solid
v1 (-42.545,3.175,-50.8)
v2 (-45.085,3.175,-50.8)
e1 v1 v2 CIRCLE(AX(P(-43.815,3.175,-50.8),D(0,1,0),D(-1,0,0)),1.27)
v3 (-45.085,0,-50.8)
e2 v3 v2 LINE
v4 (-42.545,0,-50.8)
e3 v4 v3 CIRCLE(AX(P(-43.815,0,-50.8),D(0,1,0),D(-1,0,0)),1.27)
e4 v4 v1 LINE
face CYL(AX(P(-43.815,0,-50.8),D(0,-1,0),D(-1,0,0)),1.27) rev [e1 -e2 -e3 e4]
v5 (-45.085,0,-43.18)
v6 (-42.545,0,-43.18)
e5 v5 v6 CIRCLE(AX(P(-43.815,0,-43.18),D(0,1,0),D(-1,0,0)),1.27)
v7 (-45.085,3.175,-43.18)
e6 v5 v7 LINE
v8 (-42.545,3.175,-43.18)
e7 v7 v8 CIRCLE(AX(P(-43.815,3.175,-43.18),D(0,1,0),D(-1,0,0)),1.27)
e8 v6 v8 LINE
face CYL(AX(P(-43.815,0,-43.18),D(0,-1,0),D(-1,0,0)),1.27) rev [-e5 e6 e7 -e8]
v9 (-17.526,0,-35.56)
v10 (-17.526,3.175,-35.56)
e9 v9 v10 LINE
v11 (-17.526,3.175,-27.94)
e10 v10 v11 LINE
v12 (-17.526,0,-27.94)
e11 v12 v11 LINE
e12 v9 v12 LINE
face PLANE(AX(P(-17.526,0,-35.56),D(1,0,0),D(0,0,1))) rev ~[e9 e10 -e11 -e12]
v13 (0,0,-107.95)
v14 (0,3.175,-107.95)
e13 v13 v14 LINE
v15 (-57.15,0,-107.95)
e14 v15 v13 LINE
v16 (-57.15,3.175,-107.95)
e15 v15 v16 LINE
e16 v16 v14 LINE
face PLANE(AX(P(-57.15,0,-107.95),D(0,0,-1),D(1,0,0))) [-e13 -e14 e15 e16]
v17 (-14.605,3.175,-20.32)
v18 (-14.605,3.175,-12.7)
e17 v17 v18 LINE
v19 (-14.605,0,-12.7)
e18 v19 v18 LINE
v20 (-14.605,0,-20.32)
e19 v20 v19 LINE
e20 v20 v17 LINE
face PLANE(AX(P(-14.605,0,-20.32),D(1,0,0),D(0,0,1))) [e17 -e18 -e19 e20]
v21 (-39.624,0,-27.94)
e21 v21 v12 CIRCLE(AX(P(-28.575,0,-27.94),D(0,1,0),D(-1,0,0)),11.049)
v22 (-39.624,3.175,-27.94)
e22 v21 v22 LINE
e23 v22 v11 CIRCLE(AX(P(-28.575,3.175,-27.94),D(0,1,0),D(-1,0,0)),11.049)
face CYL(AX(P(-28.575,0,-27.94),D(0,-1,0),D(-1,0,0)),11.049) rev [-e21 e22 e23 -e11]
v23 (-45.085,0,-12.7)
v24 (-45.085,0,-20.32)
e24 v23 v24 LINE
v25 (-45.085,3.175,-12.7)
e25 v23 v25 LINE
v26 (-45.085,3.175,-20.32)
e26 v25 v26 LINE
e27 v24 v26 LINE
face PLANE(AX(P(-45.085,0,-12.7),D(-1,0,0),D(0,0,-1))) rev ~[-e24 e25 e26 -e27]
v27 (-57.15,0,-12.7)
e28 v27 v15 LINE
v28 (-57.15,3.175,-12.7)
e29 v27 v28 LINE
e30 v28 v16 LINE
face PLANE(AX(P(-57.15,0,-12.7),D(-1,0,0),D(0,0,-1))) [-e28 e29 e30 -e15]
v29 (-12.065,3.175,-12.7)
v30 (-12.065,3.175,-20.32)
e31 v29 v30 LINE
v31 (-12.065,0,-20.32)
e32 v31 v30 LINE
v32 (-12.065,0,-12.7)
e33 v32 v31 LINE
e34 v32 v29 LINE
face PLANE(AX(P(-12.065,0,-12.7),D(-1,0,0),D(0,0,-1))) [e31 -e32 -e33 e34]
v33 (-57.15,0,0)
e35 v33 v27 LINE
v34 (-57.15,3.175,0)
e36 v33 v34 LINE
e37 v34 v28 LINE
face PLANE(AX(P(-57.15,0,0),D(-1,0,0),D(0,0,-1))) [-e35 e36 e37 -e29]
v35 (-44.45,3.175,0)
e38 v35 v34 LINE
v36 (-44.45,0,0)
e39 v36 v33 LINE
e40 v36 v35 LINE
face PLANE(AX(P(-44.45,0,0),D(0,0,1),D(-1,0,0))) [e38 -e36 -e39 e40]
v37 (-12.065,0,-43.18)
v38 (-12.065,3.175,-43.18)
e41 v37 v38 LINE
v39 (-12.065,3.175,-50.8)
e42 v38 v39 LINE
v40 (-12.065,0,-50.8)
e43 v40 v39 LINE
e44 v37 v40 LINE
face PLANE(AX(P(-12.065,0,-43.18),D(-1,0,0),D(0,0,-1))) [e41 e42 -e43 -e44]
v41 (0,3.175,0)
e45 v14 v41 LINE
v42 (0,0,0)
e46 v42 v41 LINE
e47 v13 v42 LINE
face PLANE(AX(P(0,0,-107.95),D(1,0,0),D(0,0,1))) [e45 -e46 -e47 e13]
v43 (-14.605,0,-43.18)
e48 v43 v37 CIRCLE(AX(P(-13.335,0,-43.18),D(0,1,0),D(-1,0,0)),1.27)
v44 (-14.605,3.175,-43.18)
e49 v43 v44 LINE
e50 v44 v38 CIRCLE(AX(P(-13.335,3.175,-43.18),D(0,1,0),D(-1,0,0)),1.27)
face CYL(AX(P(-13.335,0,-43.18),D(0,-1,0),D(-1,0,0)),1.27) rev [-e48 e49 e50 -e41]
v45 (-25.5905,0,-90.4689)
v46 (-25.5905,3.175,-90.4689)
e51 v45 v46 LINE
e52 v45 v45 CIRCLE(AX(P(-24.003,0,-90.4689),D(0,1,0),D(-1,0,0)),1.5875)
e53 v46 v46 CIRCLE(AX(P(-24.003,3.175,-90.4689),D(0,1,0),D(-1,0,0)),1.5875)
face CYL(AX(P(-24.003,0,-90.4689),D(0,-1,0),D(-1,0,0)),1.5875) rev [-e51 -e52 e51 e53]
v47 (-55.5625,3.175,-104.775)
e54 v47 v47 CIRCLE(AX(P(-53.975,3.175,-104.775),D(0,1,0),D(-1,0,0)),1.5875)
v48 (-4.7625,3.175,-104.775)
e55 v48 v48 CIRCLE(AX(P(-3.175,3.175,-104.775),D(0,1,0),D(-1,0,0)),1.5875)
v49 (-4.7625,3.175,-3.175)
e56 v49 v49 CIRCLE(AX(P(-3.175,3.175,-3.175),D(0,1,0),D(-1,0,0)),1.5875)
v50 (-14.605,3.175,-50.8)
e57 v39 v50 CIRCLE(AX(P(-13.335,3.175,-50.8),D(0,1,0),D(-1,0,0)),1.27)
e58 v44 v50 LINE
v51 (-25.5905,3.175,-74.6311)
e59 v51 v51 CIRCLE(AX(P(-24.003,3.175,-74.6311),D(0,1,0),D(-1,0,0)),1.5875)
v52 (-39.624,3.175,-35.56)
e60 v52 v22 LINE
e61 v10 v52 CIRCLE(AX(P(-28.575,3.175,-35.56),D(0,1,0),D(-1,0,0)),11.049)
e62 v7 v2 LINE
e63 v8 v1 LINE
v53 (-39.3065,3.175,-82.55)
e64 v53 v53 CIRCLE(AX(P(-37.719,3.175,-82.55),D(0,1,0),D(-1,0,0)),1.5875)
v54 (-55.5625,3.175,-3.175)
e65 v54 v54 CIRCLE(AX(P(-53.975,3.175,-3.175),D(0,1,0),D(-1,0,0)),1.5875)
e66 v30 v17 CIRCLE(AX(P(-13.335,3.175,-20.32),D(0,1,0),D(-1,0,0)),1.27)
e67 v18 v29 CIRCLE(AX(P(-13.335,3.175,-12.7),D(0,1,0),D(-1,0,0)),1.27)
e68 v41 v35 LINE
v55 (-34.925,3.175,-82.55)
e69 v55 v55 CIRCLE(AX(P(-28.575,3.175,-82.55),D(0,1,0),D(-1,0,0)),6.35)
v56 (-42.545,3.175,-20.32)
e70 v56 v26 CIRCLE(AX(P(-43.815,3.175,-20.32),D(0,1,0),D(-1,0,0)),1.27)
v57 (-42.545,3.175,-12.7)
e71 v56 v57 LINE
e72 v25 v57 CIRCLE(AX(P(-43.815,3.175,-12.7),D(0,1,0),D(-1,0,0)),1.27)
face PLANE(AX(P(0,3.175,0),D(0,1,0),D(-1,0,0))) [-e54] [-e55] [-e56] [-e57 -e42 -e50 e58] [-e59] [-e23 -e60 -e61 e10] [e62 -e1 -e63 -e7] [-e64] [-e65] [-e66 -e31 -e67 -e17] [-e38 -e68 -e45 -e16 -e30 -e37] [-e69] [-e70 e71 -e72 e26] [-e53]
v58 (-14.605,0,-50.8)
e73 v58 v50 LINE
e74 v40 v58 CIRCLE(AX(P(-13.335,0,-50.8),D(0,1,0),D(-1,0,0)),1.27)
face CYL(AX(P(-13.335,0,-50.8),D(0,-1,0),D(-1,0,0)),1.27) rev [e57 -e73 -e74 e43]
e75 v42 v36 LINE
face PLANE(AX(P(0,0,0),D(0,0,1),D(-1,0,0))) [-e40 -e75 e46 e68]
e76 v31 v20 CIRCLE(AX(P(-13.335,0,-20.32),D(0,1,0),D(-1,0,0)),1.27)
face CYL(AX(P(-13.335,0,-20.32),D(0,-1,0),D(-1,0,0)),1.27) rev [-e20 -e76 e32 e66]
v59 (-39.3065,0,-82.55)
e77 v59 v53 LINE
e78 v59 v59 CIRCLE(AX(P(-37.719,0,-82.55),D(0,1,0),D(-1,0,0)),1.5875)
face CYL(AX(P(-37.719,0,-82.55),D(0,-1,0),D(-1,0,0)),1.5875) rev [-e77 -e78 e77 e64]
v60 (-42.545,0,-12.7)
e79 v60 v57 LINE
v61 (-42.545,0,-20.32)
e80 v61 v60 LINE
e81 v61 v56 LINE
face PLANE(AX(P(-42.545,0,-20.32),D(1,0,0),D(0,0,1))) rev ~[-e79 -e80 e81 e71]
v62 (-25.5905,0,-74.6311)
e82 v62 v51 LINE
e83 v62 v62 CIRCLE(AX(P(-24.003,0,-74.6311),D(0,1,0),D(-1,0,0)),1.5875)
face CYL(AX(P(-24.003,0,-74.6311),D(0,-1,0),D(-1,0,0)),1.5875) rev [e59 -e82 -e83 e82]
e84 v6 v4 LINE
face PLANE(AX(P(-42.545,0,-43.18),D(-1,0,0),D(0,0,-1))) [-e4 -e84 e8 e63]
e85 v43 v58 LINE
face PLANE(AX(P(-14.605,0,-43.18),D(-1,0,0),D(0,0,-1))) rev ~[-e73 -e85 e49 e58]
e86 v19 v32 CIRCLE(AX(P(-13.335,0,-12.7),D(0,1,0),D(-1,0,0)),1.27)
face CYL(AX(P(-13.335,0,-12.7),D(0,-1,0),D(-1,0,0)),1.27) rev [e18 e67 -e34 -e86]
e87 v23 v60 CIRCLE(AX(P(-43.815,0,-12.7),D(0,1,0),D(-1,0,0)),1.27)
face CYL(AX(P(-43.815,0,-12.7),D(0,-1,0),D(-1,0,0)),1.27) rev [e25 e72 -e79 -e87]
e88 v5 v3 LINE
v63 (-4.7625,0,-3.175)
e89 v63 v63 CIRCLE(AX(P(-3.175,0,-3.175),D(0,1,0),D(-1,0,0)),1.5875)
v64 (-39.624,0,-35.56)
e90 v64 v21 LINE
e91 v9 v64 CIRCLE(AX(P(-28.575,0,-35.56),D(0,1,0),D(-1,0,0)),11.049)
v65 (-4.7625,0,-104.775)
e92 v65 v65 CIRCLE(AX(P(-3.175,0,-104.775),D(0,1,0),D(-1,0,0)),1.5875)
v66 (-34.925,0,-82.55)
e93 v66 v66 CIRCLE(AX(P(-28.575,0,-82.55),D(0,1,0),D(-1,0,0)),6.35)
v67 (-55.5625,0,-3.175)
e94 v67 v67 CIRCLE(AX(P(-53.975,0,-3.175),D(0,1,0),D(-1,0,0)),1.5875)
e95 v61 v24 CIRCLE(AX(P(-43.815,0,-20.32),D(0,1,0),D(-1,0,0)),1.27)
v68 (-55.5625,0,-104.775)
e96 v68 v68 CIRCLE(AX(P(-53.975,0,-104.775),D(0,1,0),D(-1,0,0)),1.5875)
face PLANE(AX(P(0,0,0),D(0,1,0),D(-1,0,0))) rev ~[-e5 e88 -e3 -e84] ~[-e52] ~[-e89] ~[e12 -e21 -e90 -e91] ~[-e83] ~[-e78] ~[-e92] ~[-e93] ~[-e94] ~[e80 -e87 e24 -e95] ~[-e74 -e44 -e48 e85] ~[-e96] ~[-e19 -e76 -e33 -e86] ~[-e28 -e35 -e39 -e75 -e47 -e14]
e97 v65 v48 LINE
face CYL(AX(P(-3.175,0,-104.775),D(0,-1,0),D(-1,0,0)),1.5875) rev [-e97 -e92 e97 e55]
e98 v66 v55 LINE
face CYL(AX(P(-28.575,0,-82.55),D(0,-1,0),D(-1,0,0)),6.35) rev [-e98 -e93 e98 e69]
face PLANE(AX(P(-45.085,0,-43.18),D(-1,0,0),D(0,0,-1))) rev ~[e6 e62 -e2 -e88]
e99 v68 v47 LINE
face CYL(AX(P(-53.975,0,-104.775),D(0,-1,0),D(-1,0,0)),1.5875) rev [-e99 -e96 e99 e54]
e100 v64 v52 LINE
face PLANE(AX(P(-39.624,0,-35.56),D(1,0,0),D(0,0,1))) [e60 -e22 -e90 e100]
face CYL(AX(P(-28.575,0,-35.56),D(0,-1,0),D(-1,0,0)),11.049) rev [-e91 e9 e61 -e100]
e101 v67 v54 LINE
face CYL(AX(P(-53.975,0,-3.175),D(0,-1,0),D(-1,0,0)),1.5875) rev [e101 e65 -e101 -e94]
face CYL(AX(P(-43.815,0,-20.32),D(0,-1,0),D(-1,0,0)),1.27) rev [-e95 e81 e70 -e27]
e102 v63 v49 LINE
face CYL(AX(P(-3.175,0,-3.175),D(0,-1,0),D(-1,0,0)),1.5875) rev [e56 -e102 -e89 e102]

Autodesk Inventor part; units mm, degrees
ref_plane "YZ Plane" through (0, 0, 0) normal (1, 0, 0) x (0, 1, 0)
ref_plane "XZ Plane" through (0, 0, 0) normal (0, 1, 0) x (-1, 0, 0)
ref_plane "XY Plane" through (0, 0, 0) normal (0, 0, 1) x (1, 0, 0)
sketch "Sketch1" plane through (0, 0, 0) normal (0, 1, 0) x (-1, 0, 0)
  line L0 (0, 0) -> (57.15, 0)
  line L1 (57.15, 0) -> (57.15, -107.95)
  line L2 (57.15, -107.95) -> (0, -107.95)
  line L3 (0, -107.95) -> (0, 0)
  line L4 (57.15, -53.975) -> (0, -53.975) construction
  circle A0 centre (28.575, -35.56) radius 11.049
  line L5 (28.575, -35.56) -> (43.815, -35.56) construction
  line L6 (43.815, -35.56) -> (43.815, -50.8) construction
  line L7 (43.815, -50.8) -> (28.575, -50.8) construction
  line L8 (28.575, -50.8) -> (28.575, -35.56) construction
  line L9 (28.575, -35.56) -> (13.335, -35.56) construction
  line L10 (13.335, -35.56) -> (13.335, -20.32) construction
  line L11 (13.335, -20.32) -> (28.575, -20.32) construction
  line L12 (28.575, -20.32) -> (28.575, -35.56) construction
  line L13 (43.815, -50.8) -> (13.335, -50.8) construction
  line L14 (13.335, -50.8) -> (13.335, -20.32) construction
  line L15 (13.335, -20.32) -> (43.815, -20.32) construction
  line L16 (43.815, -20.32) -> (43.815, -50.8) construction
  circle A1 centre (43.815, -50.8) radius 1.27
  circle A2 centre (43.815, -20.32) radius 1.27
  circle A3 centre (13.335, -50.8) radius 1.27
  circle A4 centre (13.335, -20.32) radius 1.27
  line L17 (28.575, -107.95) -> (28.575, -53.975) construction
  line L18 (28.575, -35.56) -> (28.575, -27.94) construction
  circle A5 centre (28.575, -27.94) radius 11.049
  line L19 (43.815, -50.8) -> (43.815, -43.18) construction
  line L20 (13.335, -50.8) -> (13.335, -43.18) construction
  line L21 (13.335, -20.32) -> (13.335, -12.7) construction
  line L22 (43.815, -20.32) -> (43.815, -12.7) construction
  circle A6 centre (43.815, -43.18) radius 1.27
  circle A7 centre (13.335, -43.18) radius 1.27
  circle A8 centre (13.335, -12.7) radius 1.27
  circle A9 centre (43.815, -12.7) radius 1.27
  line L23 (45.085, -43.18) -> (45.085, -50.8)
  line L24 (42.545, -43.18) -> (42.545, -50.8)
  line L25 (14.605, -43.18) -> (14.605, -50.8)
  line L26 (12.065, -43.18) -> (12.065, -50.8)
  line L27 (12.065, -12.7) -> (12.065, -20.32)
  line L28 (14.605, -20.32) -> (14.605, -12.7)
  line L29 (45.085, -12.7) -> (45.085, -20.32)
  line L30 (42.545, -20.32) -> (42.545, -12.7)
  line L31 (28.575, -107.95) -> (28.575, -82.55) construction
  circle A10 centre (28.575, -82.55) radius 6.35
  line L32 (57.15, 0) -> (57.15, -12.7)
  line L33 (57.15, 0) -> (44.45, 0)
  line L34 (44.45, 0) -> (57.15, -12.7) construction
  line L35 (57.15, 0) -> (50.8, -6.35) construction
  line L36 (0, 0) -> (12.7, 0) construction
  line L37 (0, 0) -> (0, -12.7) construction
  line L38 (0, -12.7) -> (12.7, 0) construction
  line L39 (0, 0) -> (6.35, -6.35) construction
  line L40 (57.15, -107.95) -> (57.15, -95.25) construction
  line L41 (57.15, -107.95) -> (44.45, -107.95) construction
  line L42 (44.45, -107.95) -> (57.15, -95.25) construction
  line L43 (57.15, -107.95) -> (50.8, -101.6) construction
  line L44 (0, -107.95) -> (12.7, -107.95) construction
  line L45 (0, -107.95) -> (0, -95.25) construction
  line L46 (0, -95.25) -> (12.7, -107.95) construction
  line L47 (6.35, -101.6) -> (0, -107.95) construction
  circle A11 centre (53.975, -104.775) radius 1.5875
  circle A12 centre (3.175, -104.775) radius 1.5875
  circle A13 centre (53.975, -3.175) radius 1.5875
  circle A14 centre (3.175, -3.175) radius 1.5875
  line L48 (17.526, -35.56) -> (17.526, -27.94)
  line L49 (39.624, -35.56) -> (39.624, -27.94)
  line L50 (28.575, -82.55) -> (37.719, -82.55) construction
  line L51 (28.575, -82.55) -> (24.003, -74.6311) construction
  line L52 (28.575, -82.55) -> (24.003, -90.4689) construction
  circle A15 centre (24.003, -90.4689) radius 1.5875
  circle A16 centre (37.719, -82.55) radius 1.5875
  circle A17 centre (24.003, -74.6311) radius 1.5875
  point P0 (38.7216, -23.5665)
  point P1 (18.4284, -23.5665)
  dimension "d0" = 57.15
  dimension "d1" = 107.95
  dimension "d2" = 22.098
  dimension "d3" = 15.24
  dimension "d4" = 15.24
  dimension "d5" = 15.24
  dimension "d6" = 15.24
  dimension "d7" = 2.54
  dimension "d8" = 2.54
  dimension "d9" = 2.54
  dimension "d10" = 2.54
  dimension "d11" = 7.62
  dimension "d12" = 22.098
  dimension "d13" = 7.62
  dimension "d14" = 7.62
  dimension "d15" = 7.62
  dimension "d16" = 7.62
  dimension "d17" = 2.54
  dimension "d18" = 2.54
  dimension "d19" = 2.54
  dimension "d20" = 2.54
  dimension "d21" = 25.4
  dimension "d22" = 12.7
  dimension "d25" = 12.7
  dimension "d26" = 12.7
  dimension "d27" = 12.7
  dimension "d28" = 12.7
  dimension "d29" = 12.7
  dimension "d30" = 12.7
  dimension "d31" = 12.7
  dimension "d32" = 12.7
  dimension "d33" = 3.175
  dimension "d34" = 3.175
  dimension "d35" = 3.175
  dimension "d36" = 3.175
  dimension "d39" = 35.56
  dimension "d42" = 9.144
  dimension "d43" = 9.144
  dimension "d45" = 120
  dimension "d47" = 9.144
  dimension "d48" = 120
  dimension "d49" = 3.175
  dimension "d50" = 3.175
  dimension "d51" = 3.175
extrude "Extrusion4" add sketch "Sketch1" along normal blind 3.175
equation "\"d3\" = d5"
equation "\"d4\" = d6"
equation "\"d7\" = d10"
equation "\"d8\" = d10"
equation "\"d9\" = d10"
equation "\"d12\" = d2"
equation "\"d13\" = d11"
equation "\"d14\" = d11"
equation "\"d15\" = d11"
equation "\"d16\" = d11"
equation "\"d17\" = d10"
equation "\"d18\" = d10"
equation "\"d19\" = d10"
equation "\"d20\" = d10"
equation "\"d42\" = d47"
equation "\"d43\" = d47"
equation "\"d50\" = d49"
equation "\"d51\" = d49"
properties part number "lid"
